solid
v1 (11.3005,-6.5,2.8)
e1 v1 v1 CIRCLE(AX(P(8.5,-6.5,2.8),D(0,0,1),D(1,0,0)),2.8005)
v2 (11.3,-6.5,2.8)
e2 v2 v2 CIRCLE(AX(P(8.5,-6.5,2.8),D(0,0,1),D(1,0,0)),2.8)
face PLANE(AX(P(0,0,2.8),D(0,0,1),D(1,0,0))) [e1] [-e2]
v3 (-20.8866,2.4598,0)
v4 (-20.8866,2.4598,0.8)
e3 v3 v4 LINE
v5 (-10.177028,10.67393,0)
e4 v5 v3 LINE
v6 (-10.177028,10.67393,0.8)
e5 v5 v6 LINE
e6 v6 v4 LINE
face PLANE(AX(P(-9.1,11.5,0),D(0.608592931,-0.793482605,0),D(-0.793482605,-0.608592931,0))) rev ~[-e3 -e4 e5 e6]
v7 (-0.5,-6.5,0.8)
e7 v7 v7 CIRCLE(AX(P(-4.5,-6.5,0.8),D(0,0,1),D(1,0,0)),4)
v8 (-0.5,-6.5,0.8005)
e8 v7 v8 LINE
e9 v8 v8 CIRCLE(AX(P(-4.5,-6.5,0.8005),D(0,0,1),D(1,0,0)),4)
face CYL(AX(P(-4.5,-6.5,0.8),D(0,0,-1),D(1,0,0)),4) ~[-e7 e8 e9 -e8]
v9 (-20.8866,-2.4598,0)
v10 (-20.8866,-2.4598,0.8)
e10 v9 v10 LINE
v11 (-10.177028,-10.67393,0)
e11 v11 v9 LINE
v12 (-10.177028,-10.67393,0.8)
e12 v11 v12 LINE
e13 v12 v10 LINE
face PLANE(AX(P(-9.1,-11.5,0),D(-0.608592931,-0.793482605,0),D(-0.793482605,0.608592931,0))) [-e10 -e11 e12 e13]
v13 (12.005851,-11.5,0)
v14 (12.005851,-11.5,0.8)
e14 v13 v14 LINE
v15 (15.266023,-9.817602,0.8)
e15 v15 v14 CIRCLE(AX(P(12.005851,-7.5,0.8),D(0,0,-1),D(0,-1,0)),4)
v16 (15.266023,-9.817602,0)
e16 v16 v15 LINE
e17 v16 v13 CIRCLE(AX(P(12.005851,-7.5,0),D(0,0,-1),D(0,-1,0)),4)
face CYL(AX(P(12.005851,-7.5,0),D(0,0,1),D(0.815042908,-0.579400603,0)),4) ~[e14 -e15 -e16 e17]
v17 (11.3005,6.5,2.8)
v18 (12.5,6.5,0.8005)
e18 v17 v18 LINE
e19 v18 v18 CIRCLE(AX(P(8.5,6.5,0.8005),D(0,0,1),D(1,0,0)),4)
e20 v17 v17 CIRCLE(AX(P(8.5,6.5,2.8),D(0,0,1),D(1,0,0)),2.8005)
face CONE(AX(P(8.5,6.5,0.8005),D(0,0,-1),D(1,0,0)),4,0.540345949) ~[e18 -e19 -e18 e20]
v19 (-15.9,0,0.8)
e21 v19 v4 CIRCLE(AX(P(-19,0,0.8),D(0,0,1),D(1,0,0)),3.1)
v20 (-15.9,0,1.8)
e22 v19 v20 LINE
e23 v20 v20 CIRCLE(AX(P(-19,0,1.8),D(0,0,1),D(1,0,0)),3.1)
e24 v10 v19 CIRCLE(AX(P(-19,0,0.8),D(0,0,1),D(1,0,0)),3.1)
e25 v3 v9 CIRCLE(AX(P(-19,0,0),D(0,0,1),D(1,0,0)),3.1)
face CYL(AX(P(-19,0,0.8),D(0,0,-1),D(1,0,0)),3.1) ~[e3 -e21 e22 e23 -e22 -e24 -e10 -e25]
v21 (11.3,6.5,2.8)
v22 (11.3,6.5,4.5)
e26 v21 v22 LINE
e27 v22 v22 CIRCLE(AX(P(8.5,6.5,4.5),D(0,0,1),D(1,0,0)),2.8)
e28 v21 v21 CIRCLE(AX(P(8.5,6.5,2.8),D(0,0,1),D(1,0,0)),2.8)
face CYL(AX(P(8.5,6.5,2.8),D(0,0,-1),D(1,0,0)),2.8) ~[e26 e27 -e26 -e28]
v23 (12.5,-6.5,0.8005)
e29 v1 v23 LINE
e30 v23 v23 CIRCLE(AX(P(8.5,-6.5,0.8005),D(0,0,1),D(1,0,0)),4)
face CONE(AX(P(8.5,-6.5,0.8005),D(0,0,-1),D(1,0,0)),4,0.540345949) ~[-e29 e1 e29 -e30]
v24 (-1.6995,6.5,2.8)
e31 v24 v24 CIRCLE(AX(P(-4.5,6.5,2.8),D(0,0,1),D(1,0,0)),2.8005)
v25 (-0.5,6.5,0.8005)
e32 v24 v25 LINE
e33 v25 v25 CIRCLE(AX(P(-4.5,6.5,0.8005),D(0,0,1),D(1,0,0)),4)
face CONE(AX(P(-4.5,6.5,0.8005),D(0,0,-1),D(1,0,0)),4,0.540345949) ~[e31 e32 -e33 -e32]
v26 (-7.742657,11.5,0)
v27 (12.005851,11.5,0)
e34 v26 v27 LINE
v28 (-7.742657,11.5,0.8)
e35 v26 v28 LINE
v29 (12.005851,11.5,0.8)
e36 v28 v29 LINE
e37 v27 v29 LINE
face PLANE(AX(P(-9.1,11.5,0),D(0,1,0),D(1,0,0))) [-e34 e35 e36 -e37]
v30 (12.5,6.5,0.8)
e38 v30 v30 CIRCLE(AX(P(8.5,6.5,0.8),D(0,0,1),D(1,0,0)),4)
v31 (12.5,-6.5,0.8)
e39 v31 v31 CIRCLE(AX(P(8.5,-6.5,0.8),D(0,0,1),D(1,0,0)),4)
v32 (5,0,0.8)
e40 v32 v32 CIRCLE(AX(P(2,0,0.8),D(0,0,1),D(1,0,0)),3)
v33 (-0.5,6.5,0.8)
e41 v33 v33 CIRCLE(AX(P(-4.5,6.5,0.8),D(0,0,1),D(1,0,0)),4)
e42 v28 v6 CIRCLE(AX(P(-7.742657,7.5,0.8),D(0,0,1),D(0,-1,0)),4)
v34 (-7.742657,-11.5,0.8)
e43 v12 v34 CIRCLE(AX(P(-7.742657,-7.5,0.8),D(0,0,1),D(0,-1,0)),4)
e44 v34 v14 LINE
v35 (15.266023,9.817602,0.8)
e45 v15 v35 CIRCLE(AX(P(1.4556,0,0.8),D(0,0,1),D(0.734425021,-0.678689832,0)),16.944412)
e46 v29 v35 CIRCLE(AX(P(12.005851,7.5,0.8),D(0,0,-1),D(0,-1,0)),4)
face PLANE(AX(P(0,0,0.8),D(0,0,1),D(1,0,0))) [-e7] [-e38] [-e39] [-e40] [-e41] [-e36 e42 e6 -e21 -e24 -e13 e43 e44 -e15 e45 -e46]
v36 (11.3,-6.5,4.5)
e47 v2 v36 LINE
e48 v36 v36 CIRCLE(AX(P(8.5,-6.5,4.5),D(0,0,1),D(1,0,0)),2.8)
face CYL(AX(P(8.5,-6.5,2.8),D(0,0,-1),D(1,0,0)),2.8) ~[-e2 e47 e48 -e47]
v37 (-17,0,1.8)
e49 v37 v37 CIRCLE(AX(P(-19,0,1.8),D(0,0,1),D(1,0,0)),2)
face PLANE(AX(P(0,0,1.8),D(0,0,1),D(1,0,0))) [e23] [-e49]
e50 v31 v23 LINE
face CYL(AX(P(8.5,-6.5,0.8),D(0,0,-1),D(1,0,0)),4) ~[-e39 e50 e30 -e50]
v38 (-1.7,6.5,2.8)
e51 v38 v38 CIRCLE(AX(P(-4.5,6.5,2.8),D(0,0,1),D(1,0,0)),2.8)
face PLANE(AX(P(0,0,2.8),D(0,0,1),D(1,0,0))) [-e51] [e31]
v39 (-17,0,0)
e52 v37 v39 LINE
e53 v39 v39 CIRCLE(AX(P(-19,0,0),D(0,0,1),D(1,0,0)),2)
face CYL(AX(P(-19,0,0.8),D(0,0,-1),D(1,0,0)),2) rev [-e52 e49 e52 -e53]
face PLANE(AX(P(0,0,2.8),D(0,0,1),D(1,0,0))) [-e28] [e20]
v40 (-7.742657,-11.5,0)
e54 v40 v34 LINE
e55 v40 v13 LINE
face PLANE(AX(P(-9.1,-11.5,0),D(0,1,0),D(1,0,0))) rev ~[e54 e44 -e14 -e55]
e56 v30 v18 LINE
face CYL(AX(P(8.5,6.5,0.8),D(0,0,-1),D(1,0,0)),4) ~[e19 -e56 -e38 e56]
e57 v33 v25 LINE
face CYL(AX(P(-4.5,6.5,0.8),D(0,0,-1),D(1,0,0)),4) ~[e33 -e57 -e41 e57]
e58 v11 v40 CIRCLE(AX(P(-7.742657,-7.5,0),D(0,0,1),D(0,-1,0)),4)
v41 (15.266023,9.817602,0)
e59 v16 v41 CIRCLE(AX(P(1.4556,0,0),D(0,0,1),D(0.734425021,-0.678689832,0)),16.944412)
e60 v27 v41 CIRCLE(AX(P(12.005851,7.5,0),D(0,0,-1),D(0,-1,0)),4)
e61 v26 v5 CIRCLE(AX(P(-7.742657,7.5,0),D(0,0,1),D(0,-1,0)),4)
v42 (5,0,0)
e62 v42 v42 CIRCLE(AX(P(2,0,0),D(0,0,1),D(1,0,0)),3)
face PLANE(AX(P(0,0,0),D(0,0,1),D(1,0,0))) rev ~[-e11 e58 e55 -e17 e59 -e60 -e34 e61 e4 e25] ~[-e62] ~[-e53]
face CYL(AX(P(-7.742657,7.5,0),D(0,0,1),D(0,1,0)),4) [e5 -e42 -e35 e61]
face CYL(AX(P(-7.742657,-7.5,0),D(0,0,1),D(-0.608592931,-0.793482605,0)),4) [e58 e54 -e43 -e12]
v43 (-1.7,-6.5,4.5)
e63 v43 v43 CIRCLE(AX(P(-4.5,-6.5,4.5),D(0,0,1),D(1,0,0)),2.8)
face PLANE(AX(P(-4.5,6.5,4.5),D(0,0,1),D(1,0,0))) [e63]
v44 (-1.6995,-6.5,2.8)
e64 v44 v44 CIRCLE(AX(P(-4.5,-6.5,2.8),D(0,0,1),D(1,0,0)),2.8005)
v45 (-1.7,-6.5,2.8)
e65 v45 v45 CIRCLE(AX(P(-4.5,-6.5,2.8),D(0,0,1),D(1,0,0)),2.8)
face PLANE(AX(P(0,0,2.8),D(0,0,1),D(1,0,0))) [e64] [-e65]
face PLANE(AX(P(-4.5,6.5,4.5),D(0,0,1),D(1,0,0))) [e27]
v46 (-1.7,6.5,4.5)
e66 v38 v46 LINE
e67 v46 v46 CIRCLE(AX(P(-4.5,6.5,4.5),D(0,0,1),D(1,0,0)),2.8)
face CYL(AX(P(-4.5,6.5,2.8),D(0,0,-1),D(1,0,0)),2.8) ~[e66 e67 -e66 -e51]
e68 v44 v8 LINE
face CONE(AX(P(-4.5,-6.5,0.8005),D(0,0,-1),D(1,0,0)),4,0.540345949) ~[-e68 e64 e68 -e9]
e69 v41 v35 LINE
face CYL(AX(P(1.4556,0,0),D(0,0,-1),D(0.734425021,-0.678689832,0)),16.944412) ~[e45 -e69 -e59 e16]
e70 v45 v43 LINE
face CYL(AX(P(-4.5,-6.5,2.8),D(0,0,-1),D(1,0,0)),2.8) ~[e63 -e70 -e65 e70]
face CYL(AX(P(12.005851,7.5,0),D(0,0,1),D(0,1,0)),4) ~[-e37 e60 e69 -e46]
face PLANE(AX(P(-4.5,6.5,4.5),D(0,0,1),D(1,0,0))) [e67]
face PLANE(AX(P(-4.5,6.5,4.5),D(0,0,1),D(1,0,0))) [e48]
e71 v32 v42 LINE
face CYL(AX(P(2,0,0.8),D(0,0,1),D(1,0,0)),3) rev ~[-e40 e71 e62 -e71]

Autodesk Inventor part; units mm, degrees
ref_plane "YZ Plane" through (0, 0, 0) normal (1, 0, 0) x (0, 1, 0)
ref_plane "XZ Plane" through (0, 0, 0) normal (0, 1, 0) x (-1, 0, 0)
ref_plane "XY Plane" through (0, 0, 0) normal (0, 0, 1) x (1, 0, 0)
sketch "Esquisse1" plane through (0, 0, 0) normal (0, 0, 1) x (1, 0, 0)
  line L0 (-9.1, 11.5) -> (13.9, 11.5)
  circle A0 centre (-19, 0) radius 3.1
  line L1 (-9.1, -11.5) -> (13.9, -11.5)
  line L2 (-9.1, -11.5) -> (-20.8866, -2.4598)
  arc A1 (13.9, -11.5) -> (13.9, 11.5) centre (1.4556, 0) ccw
  circle A2 centre (-19, 0) radius 2
  line L3 (-9.1, 11.5) -> (-20.8866, 2.4598)
  point P0 (0, 0)
  dimension "d0" = 6.2
  dimension "d1" = 23
  dimension "d2" = 23
  dimension "d3" = 23
  dimension "d4" = 11.5
  dimension "d5" = 11.5
  dimension "d6" = 9.9
  dimension "d7" = 9.9
  dimension "d8" = 19
  dimension "d9" = 40.5
  dimension "d10" = 4
extrude "Extrusion1" add sketch "Esquisse1" along normal blind 0.8
fillet "Congé1" radius 4 2 edges at (13.9, -11.5, 0.4) (13.9, 11.5, 0.4)
fillet "Congé2" radius 4 2 edges at (-9.1, 11.5, 0.4) (-9.1, -11.5, 0.4)
sketch "Esquisse3" plane through (0, 0, 0.8) normal (0, 0, 1) x (1, 0, 0)
  circle A0 centre (-19, 0) radius 2
  circle A1 centre (-19, 0) radius 3.1
  circle A2 centre (-19, 0) radius 2 projected
  point P0 (0, 0)
  dimension "d16" = 4
  dimension "d17" = 6.2
extrude "Extrusion2" add sketch "Esquisse3" along normal blind 1
sketch "Esquisse4" plane through (0, 0, 0.8) normal (0, 0, 1) x (1, 0, 0)
  circle A0 centre (2, 0) radius 3
  line L0 (12.0058, 11.5) -> (-7.7427, 11.5) projected
  circle A1 centre (-19, 0) radius 2 projected
  point P0 (0, 0)
  dimension "d20" = 6
  dimension "d21" = 11.5
  dimension "d22" = 21
extrude "Extrusion3" cut sketch "Esquisse4" against normal through all contours A0
sketch "Esquisse5" plane through (0, 0, 0.8) normal (0, 0, 1) x (1, 0, 0)
  circle A0 centre (-4.5, 6.5) radius 4
  circle A1 centre (8.5, 6.5) radius 4
  circle A2 centre (8.5, -6.5) radius 4
  circle A3 centre (-4.5, -6.5) radius 4
  circle A4 centre (2, 0) radius 3 projected
  point P0 (0, 0)
  dimension "d25" = 8
  dimension "d26" = 8
  dimension "d27" = 8
  dimension "d28" = 8
  dimension "d29" = 13
  dimension "d30" = 13
  dimension "d31" = 6.5
  dimension "d32" = 6.5
  dimension "d34" = 6.5
  dimension "d35" = 6.5
  dimension "d36" = 13
  dimension "d37" = 6.5
extrude "Extrusion4" add sketch "Esquisse5" along normal blind 2 contours A0 | A1 | A2 | A3
sketch "Esquisse7" plane through (-4.5, 6.5, 2.8) normal (0, 0, 1) x (1, 0, 0)
  circle A0 centre (0, 0) radius 2.8
  circle A1 centre (13, 0) radius 2.8
  circle A2 centre (13, -13) radius 2.8
  circle A3 centre (0, -13) radius 2.8
  circle A4 centre (0, 0) radius 4 projected
  circle A5 centre (13, 0) radius 4 projected
  circle A6 centre (13, -13) radius 4 projected
  circle A7 centre (0, -13) radius 4 projected
  point P0 (4.5, -6.5)
  dimension "d49" = 5.6
  dimension "d50" = 5.6
  dimension "d51" = 5.6
  dimension "d52" = 5.6
extrude "Extrusion6" add sketch "Esquisse7" along normal blind 1.7 contours A0 | A1 | A2 | A3
chamfer "Chanfrein2" distance 1.2 distance2 2 1 edges at (-8.5, 6.5, 2.8) measured on face at (-0.9659, 5.9576, 2.8)
chamfer "Chanfrein3" distance 1.2 distance2 2 1 edges at (4.5, 6.5, 2.8) measured on face at (12.0613, 6.1809, 2.8)
chamfer "Chanfrein4" distance 1.2 distance2 2 1 edges at (-8.5, -6.5, 2.8) measured on face at (-0.9659, -7.0424, 2.8)
chamfer "Chanfrein5" distance 1.2 distance2 2 1 edges at (4.5, -6.5, 2.8) measured on face at (12.0341, -7.0424, 2.8)
equation "\"d3\" = d2"
equation "\"d4\" = 0.5 * d1"
equation "\"d5\" = d4"
equation "\"d26\" = d25"
equation "\"d27\" = d25"
equation "\"d28\" = d25"
equation "\"d30\" = d29"
equation "\"d31\" = 0.5 * d29"
equation "\"d32\" = d31"
equation "\"d34\" = d32"
equation "\"d35\" = d32"
equation "\"d36\" = d29"
equation "\"d37\" = d32"
equation "\"d50\" = d49"
equation "\"d51\" = d49"
equation "\"d52\" = d49"
properties part number "Membrane-DPAD" material "Caoutchouc"
